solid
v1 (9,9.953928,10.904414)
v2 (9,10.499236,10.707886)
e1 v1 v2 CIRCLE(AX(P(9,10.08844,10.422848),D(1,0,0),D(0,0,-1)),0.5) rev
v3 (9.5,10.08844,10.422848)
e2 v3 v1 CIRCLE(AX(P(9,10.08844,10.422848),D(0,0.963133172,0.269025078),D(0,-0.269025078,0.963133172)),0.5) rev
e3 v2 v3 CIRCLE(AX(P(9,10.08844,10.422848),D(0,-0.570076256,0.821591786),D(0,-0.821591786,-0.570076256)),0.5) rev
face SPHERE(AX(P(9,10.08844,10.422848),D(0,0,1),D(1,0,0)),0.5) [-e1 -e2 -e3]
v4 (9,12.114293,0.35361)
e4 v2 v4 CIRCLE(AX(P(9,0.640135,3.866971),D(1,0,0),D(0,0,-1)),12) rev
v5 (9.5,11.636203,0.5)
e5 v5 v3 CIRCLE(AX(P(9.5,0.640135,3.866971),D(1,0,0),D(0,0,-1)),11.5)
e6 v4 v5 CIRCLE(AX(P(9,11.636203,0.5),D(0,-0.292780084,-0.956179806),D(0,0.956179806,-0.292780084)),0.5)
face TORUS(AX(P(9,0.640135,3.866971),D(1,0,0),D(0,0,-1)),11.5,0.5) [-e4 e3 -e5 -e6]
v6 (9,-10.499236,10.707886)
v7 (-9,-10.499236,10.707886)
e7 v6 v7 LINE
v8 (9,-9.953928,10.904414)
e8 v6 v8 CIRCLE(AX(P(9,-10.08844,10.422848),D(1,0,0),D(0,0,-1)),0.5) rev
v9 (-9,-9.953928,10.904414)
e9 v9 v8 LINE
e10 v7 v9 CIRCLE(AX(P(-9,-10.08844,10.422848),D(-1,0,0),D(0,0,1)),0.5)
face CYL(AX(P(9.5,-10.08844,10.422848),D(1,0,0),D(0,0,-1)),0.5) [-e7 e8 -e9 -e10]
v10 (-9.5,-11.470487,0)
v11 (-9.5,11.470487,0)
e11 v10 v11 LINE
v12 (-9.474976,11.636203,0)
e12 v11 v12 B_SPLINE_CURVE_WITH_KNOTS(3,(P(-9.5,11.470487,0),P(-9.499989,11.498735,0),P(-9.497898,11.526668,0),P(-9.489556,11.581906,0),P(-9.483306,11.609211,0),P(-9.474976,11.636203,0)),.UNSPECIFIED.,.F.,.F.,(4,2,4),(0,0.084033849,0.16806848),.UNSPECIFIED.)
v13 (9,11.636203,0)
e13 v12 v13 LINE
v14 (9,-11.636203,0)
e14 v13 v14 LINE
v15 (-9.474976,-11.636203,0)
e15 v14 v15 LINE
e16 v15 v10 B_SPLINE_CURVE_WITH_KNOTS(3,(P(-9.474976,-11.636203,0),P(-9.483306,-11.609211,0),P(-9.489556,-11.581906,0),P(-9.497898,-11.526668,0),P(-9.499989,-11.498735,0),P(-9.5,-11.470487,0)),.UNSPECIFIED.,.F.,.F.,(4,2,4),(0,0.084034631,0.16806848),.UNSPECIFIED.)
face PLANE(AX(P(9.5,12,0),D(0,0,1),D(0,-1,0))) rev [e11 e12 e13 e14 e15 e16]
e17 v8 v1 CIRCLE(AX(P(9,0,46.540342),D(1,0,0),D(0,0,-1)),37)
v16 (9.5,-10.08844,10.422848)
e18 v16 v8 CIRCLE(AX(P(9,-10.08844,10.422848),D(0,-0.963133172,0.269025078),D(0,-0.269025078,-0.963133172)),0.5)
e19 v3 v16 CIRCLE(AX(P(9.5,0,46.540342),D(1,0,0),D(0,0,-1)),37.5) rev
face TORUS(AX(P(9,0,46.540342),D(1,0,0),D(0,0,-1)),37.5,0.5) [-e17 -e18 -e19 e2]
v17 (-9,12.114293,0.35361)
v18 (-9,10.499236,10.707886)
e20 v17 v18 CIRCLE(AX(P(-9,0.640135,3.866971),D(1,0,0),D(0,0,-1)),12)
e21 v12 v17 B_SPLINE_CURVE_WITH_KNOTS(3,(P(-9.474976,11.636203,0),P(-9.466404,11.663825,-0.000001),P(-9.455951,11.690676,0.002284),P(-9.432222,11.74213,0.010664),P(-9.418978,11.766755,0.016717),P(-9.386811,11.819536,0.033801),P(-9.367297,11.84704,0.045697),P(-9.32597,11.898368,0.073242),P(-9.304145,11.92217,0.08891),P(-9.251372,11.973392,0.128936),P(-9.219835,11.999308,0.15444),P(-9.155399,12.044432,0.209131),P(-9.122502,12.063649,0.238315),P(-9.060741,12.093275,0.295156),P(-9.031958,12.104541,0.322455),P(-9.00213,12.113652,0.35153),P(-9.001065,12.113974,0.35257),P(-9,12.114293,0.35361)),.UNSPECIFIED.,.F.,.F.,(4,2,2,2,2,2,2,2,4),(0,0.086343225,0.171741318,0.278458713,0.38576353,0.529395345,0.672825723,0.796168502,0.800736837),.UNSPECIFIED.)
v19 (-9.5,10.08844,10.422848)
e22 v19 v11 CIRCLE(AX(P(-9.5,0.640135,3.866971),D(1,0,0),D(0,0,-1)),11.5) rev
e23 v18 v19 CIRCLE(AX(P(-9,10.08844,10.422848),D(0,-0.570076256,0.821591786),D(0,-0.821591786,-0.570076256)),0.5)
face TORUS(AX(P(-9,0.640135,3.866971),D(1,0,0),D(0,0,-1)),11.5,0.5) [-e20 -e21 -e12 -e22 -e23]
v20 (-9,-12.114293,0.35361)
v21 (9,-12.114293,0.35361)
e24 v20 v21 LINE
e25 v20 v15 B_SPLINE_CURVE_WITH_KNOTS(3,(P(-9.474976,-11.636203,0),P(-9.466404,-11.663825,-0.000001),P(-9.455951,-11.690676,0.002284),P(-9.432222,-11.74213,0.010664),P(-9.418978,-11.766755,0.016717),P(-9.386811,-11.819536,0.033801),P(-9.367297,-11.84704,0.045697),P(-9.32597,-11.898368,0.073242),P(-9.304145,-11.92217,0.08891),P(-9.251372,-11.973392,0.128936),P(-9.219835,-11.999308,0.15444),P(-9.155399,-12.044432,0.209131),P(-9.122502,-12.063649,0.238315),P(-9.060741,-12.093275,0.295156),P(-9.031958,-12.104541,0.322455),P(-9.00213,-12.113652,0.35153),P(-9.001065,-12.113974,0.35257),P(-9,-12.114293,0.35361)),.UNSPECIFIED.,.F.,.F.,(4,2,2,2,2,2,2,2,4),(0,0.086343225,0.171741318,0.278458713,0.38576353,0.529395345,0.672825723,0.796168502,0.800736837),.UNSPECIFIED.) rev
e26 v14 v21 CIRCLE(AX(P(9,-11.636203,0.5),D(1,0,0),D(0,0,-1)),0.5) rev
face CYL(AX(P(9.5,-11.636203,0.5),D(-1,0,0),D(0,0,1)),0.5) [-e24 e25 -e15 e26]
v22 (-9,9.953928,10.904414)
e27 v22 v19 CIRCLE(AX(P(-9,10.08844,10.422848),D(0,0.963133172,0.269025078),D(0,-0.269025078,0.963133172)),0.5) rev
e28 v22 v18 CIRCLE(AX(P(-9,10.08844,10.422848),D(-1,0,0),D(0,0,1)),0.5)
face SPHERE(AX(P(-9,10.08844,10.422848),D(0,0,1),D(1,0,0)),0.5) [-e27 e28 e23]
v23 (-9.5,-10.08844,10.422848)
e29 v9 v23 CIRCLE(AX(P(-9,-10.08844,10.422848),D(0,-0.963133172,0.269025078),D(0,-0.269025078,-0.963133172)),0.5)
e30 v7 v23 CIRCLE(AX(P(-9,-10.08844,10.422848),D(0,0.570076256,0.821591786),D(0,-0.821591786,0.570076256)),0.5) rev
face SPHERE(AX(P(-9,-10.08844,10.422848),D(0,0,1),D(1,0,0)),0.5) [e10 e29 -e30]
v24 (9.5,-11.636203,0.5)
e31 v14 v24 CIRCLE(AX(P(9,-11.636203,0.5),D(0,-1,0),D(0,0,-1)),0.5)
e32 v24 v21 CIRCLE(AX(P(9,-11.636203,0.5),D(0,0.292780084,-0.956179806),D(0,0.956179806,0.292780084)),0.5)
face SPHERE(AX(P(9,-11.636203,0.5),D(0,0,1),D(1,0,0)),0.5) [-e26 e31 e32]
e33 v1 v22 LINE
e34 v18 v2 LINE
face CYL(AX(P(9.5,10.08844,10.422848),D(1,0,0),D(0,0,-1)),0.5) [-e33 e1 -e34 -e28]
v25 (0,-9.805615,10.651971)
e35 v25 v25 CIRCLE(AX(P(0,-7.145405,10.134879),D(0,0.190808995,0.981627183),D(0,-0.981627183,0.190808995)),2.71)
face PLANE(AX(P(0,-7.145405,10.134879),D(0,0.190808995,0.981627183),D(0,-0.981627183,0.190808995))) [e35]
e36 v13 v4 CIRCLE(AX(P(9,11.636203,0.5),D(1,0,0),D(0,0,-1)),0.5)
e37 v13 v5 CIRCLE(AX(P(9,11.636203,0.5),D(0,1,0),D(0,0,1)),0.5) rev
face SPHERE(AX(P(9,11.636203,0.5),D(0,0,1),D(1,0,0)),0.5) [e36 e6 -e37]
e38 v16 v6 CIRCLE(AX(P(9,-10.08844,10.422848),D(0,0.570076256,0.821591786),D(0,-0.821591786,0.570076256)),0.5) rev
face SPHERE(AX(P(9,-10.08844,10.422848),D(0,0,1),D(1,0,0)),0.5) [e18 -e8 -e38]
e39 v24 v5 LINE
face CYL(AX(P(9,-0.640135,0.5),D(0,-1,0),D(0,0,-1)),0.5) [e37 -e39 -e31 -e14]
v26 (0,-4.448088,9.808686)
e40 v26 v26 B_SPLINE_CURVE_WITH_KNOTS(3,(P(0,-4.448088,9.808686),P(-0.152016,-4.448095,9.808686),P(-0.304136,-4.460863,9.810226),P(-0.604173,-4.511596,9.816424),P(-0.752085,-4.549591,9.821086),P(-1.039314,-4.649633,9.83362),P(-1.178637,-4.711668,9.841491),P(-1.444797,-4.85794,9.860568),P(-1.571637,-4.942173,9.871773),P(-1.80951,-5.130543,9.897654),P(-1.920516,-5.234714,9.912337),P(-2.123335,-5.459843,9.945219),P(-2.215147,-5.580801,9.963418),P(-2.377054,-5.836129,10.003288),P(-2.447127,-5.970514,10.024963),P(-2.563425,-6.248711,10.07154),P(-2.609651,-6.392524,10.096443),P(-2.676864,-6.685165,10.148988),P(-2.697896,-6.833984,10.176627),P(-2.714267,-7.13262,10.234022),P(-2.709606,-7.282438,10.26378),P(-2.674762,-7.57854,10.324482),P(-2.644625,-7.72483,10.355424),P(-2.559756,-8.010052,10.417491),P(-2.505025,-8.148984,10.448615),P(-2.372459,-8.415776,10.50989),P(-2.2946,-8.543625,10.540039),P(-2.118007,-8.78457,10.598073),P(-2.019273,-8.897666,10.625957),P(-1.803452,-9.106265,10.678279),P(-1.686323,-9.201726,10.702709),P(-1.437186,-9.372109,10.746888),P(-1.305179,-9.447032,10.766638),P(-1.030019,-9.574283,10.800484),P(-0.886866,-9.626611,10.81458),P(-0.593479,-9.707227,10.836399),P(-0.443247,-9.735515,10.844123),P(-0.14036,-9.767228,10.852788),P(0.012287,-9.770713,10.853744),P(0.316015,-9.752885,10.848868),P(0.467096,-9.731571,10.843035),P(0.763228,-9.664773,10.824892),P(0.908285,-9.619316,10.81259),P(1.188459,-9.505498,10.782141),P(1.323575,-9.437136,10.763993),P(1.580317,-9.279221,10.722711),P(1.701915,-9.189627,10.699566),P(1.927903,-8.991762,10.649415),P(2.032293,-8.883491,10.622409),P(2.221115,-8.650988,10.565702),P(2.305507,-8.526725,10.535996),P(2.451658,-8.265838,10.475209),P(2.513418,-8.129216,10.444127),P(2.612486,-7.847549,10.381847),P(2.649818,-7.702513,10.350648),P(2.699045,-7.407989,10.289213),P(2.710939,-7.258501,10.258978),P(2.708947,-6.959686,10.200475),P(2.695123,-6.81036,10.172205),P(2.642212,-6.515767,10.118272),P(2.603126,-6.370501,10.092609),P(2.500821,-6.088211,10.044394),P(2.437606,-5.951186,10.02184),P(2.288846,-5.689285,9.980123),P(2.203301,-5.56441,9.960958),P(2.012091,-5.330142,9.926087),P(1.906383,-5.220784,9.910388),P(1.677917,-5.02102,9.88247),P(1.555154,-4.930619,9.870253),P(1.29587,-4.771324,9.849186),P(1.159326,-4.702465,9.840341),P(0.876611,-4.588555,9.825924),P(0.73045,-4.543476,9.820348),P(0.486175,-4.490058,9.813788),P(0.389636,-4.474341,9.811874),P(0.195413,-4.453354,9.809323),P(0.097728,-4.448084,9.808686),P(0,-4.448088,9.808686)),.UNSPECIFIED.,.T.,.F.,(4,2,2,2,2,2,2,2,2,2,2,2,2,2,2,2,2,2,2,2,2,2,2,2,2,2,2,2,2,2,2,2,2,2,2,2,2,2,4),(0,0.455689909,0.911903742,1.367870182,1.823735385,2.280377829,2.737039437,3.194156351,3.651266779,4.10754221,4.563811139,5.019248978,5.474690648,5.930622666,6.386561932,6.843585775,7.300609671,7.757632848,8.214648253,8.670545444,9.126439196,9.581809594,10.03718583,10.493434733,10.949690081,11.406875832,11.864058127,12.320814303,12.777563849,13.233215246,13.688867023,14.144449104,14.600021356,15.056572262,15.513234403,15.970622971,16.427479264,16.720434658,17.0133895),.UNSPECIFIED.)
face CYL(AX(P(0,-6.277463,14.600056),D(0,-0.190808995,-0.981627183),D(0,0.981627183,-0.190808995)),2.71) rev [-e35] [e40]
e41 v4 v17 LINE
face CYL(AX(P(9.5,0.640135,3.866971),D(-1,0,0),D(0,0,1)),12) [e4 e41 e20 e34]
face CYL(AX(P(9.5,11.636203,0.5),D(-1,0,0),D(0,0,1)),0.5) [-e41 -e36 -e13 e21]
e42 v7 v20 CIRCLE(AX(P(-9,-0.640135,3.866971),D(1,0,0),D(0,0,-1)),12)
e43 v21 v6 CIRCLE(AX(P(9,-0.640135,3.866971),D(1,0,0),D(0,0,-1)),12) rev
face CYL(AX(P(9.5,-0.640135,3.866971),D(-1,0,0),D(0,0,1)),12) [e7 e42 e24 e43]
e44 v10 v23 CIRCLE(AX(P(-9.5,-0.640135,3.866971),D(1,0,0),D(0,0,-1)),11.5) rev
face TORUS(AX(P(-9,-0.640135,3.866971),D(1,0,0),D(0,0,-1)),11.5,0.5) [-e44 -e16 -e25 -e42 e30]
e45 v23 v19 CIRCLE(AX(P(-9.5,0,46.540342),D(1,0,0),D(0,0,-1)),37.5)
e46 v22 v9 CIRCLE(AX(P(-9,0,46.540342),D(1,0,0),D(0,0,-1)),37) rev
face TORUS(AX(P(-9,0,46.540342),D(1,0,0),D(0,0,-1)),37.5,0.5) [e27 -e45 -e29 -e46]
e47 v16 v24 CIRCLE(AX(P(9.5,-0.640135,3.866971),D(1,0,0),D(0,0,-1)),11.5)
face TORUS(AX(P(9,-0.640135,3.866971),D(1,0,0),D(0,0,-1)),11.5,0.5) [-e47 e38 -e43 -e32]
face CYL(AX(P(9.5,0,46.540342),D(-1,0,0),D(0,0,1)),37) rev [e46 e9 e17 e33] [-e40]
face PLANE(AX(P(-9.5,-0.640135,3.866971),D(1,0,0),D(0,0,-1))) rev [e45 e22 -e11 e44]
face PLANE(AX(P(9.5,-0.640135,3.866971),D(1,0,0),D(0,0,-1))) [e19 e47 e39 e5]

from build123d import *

# Parameters (mm, degrees)
BOSS_EXTRUDE2_DEPTH     = 9.5
FILLET1_R               = 0.5
SKETCH3_R               = 2.71
CUT_EXTRUDE1_DEPTH      = 5.448751278
CUT_EXTRUDE1_DEPTH_BACK = 0.1


with BuildPart() as part:
    # Sketch2 → Boss-Extrude2 (new body, symmetric)
    with BuildSketch(Plane(origin=(0, 0, 0), x_dir=(0, 0, -1), z_dir=(1, 0, 0))):
        with BuildLine():
            Line((0, 12), (0, -12))
            ThreePointArc((0, -12), (-5.710285596, -12.497714363), (-11, -10.29))
            ThreePointArc((-11, -10.29), (-9.540341867, 0), (-11, 10.29))
            ThreePointArc((-11, 10.29), (-5.710285596, 12.497714363), (0, 12))
        make_face()
    extrude(amount=BOSS_EXTRUDE2_DEPTH, both=True)

    # Fillet1
    fillet1_edges = [part.edges().sort_by_distance(p)[0] for p in [
        (9.5, 12.497714363, 5.710285596),
        (9.5, 0, 9.540341867),
        (9.5, -12.497714363, 5.710285596),
        (-9.5, 0, 9.540341867),
        (-9.5, 12.497714363, 5.710285596),
        (-9.5, -12.497714363, 5.710285596),
        (0, -10.29, 11),
        (0, 10.29, 11),
        (0, 12, 0),
        (0, -12, 0),
        (9.5, 0, 0),
    ]]
    fillet(fillet1_edges, radius=FILLET1_R)

    # Sketch3 → Cut-Extrude1 (cut, two sides)
    with BuildSketch(Plane(origin=(0, 1.657226633, 8.525691928), x_dir=(-1, 0, 0), z_dir=(0, 0.190808995, 0.981627183))) as cut_extrude1_sk:
        with Locations((0, 8.947950155)):
            Circle(SKETCH3_R)
    extrude(amount=CUT_EXTRUDE1_DEPTH, mode=Mode.SUBTRACT)
    extrude(cut_extrude1_sk.sketch, amount=-CUT_EXTRUDE1_DEPTH_BACK, mode=Mode.SUBTRACT)


solid = part.part
